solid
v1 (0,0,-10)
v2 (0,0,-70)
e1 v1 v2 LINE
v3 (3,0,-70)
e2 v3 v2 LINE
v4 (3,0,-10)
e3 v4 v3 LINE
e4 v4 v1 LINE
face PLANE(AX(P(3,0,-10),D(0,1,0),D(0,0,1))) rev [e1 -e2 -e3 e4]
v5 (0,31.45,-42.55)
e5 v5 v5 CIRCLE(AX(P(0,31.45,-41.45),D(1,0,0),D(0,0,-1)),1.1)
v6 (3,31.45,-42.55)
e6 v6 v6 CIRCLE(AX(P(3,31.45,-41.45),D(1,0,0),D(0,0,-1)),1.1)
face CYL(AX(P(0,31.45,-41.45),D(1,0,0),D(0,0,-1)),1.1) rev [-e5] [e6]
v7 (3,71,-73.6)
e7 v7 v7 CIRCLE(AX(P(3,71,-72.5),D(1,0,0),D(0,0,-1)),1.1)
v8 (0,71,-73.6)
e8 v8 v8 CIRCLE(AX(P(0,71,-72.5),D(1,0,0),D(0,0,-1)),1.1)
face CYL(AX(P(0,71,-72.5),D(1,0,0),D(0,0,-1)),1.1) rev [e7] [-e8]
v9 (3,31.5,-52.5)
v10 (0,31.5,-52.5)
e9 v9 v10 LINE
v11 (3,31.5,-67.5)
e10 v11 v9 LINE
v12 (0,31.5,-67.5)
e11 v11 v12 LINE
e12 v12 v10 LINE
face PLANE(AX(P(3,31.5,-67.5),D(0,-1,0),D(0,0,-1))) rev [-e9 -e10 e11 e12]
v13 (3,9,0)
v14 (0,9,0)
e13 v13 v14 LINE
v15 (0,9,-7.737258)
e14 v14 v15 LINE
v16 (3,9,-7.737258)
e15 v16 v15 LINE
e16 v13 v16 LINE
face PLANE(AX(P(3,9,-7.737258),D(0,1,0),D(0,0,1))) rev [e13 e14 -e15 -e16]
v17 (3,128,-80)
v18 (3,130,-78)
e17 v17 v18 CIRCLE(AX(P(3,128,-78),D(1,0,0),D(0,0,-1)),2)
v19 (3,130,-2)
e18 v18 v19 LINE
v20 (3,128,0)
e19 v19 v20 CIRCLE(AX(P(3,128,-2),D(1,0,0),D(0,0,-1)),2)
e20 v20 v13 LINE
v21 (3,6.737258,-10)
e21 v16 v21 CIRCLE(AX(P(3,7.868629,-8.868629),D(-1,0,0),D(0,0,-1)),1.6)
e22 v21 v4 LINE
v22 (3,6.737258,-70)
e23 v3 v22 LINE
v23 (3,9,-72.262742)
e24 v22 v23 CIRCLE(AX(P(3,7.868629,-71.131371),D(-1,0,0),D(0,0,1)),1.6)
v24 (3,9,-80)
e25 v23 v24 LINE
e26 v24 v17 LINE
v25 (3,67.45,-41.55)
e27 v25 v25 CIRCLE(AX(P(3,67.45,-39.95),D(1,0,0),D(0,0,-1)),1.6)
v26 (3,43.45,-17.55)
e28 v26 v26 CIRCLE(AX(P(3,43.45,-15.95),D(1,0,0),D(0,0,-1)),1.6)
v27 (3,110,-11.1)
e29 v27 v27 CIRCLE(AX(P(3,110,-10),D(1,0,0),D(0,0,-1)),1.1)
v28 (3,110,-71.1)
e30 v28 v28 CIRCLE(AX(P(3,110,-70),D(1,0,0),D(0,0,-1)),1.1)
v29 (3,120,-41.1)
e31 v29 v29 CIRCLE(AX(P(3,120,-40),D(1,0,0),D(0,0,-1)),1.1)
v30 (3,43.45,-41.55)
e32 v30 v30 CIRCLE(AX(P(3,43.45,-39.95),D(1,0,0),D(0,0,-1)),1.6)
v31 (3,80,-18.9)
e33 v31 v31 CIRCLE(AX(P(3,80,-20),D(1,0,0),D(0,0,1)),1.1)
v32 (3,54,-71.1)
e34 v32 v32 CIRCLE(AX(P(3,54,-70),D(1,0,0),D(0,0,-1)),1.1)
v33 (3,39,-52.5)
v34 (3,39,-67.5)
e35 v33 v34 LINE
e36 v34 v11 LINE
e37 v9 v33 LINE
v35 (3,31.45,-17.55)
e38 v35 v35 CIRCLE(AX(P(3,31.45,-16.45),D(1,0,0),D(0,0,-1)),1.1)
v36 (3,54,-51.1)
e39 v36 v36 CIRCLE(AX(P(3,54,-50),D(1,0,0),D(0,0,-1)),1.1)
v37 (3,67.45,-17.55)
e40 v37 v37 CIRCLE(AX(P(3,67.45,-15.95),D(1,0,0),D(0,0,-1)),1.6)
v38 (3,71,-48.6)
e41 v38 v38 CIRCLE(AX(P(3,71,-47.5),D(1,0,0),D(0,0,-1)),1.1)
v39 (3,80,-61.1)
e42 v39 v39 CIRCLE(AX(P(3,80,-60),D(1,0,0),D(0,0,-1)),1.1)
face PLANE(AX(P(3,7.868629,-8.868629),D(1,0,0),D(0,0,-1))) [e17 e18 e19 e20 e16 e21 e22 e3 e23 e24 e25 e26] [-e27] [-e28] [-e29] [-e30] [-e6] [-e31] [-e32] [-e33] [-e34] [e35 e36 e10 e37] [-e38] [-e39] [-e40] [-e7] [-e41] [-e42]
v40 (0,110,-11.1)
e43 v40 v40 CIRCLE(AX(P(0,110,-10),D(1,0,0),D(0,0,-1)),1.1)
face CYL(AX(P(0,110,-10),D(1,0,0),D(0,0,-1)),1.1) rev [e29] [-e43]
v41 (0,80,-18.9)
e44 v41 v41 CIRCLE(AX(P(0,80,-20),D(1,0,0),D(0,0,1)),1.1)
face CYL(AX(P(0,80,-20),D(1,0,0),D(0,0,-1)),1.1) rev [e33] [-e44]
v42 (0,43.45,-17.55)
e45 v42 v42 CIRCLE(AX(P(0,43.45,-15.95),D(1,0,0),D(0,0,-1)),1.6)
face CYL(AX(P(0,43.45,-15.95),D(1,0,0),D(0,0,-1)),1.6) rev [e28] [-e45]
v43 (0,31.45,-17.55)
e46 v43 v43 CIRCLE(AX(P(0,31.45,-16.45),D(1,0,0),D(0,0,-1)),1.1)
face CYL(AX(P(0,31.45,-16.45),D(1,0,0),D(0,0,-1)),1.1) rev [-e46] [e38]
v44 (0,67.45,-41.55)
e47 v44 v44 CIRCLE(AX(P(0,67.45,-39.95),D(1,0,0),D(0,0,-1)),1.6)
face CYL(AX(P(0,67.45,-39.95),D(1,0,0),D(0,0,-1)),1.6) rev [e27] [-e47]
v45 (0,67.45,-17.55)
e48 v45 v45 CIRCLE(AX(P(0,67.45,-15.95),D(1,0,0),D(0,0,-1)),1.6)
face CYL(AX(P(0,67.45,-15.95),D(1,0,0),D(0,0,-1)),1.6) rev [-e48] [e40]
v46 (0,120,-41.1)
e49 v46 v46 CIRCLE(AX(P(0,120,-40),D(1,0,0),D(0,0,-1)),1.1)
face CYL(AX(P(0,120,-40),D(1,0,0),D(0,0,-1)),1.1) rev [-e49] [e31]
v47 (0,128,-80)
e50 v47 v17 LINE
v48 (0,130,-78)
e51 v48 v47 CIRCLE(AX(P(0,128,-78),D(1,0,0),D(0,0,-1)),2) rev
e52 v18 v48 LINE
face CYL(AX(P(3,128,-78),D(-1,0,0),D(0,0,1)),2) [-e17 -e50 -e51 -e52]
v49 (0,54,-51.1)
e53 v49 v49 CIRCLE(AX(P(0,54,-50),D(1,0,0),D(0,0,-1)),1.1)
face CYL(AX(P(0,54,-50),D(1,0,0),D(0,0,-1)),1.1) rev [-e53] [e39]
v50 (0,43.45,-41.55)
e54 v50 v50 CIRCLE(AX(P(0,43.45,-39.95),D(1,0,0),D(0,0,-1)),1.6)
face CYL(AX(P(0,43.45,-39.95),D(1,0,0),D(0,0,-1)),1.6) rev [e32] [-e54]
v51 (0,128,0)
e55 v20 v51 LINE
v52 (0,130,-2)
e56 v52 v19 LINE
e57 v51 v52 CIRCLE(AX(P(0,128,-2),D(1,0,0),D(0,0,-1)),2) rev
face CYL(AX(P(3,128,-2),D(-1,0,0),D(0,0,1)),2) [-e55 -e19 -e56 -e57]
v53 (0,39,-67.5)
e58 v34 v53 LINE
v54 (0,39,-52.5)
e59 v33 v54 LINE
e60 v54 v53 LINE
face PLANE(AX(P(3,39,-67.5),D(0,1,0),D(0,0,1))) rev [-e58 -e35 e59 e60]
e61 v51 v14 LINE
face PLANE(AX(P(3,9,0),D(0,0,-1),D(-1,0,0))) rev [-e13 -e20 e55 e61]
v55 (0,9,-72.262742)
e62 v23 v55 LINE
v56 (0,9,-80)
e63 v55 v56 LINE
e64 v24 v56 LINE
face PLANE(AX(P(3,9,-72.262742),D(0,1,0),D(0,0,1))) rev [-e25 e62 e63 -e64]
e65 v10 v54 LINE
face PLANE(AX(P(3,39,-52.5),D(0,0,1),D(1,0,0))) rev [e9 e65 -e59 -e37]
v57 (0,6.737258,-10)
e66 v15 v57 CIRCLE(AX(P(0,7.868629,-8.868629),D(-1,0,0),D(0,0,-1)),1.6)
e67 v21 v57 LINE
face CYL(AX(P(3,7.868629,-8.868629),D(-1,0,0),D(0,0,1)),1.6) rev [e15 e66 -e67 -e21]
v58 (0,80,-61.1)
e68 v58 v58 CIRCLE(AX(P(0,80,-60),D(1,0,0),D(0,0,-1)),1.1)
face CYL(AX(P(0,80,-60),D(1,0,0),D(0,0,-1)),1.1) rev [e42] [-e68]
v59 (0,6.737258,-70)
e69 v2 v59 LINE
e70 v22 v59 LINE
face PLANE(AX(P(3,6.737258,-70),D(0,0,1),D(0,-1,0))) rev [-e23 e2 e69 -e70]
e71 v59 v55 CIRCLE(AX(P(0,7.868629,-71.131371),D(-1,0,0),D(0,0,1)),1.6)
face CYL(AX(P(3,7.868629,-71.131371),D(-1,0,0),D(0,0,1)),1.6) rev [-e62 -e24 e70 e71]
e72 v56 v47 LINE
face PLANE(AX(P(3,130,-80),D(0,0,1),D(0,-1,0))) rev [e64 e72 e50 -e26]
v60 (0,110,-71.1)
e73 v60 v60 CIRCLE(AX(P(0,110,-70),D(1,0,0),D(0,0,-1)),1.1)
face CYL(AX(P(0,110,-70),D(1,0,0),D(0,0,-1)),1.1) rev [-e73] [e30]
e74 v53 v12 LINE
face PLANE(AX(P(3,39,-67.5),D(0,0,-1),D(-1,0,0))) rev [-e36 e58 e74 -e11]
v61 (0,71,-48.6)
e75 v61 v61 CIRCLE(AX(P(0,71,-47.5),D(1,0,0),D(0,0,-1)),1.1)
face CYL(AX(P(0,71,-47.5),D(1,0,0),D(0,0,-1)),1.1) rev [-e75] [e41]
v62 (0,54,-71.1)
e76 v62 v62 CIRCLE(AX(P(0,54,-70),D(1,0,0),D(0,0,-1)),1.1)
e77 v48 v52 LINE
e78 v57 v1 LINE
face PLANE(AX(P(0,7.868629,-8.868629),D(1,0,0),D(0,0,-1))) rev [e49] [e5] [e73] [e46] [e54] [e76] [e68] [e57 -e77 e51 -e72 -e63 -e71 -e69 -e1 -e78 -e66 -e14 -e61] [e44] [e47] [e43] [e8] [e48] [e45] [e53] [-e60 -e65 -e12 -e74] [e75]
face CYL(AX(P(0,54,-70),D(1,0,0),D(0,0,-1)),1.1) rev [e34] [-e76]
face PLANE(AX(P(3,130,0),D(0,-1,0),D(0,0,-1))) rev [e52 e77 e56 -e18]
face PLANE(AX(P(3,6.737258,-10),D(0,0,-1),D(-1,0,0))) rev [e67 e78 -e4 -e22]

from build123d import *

# Parameters (mm, degrees)
EXTRUSION1_DEPTH        = 3
ESQUISSE2_R             = 1.1
ESQUISSE2_R_2           = 1.6
ENL_V_MAT_EXTRU_1_DEPTH = 4
ESQUISSE3_W             = 15
ESQUISSE3_H             = 7.5
ENL_V_MAT_EXTRU_2_DEPTH = 4
CONG_1_R                = 2
ESQUISSE5_R             = 1.1
ENL_V_MAT_EXTRU_6_DEPTH = 4


with BuildPart() as part:
    # Esquisse1 → Extrusion1 (new body)
    with BuildSketch(Plane(origin=(0, 0, 0), x_dir=(0, 0, -1), z_dir=(1, 0, 0))):
        with BuildLine():
            Line((10, 6.7372583), (10, 0))
            Line((10, 0), (70, 0))
            Line((70, 0), (70, 6.7372583))
            ThreePointArc((70, 6.7372583), (70, 9), (72.2627417, 9))
            Line((72.2627417, 9), (80, 9))
            Line((80, 9), (80, 130))
            Line((80, 130), (0, 130))
            Line((0, 130), (0, 9))
            Line((0, 9), (7.7372583, 9))
            ThreePointArc((7.7372583, 9), (10, 9), (10, 6.7372583))
        make_face()
    extrude(amount=EXTRUSION1_DEPTH)

    # Esquisse2 → Enlèv. mat.-Extru.1 (cut, through all)
    with BuildSketch(Plane(origin=(3, 0, 0), x_dir=(0, 0, -1), z_dir=(1, 0, 0))):
        with Locations((60, 80)):
            Circle(ESQUISSE2_R)
        with Locations((10, 110)):
            Circle(ESQUISSE2_R)
        with Locations(Location((20, 80, 0), (0, 0, 180))):  # turned: the seam where the file's is
            Circle(ESQUISSE2_R)
        with Locations((70, 110)):
            Circle(ESQUISSE2_R)
        with Locations((15.95, 67.45)):
            Circle(ESQUISSE2_R_2)
        with Locations((15.95, 43.45)):
            Circle(ESQUISSE2_R_2)
        with Locations((39.95, 43.45)):
            Circle(ESQUISSE2_R_2)
        with Locations((39.95, 67.45)):
            Circle(ESQUISSE2_R_2)
        with Locations((40, 120)):
            Circle(ESQUISSE2_R)
        with Locations((70, 54)):
            Circle(ESQUISSE2_R)
        with Locations((50, 54)):
            Circle(ESQUISSE2_R)
    extrude(amount=-ENL_V_MAT_EXTRU_1_DEPTH, mode=Mode.SUBTRACT)

    # Esquisse3 → Enlèv. mat.-Extru.2 (cut, through all)
    with BuildSketch(Plane.ZY):
        with Locations((-60, 35.25)):
            Rectangle(ESQUISSE3_W, ESQUISSE3_H)
    extrude(amount=-ENL_V_MAT_EXTRU_2_DEPTH, mode=Mode.SUBTRACT)

    # Congé1
    cong_1_edges = [part.edges().sort_by_distance(p)[0] for p in [
        (1.5, 130, 0),
        (1.5, 130, -80),
    ]]
    fillet(cong_1_edges, radius=CONG_1_R)

    # Esquisse5 → Enlèv. mat.-Extru.6 (cut, through all)
    with BuildSketch(Plane(origin=(3, 0, 0), x_dir=(0, 0, -1), z_dir=(1, 0, 0))):
        with Locations((16.45, 31.45)):
            Circle(ESQUISSE5_R)
        with Locations((41.45, 31.45)):
            Circle(ESQUISSE5_R)
        with Locations((47.5, 71)):
            Circle(ESQUISSE5_R)
        with Locations((72.5, 71)):
            Circle(ESQUISSE5_R)
    extrude(amount=-ENL_V_MAT_EXTRU_6_DEPTH, mode=Mode.SUBTRACT)


solid = part.part
